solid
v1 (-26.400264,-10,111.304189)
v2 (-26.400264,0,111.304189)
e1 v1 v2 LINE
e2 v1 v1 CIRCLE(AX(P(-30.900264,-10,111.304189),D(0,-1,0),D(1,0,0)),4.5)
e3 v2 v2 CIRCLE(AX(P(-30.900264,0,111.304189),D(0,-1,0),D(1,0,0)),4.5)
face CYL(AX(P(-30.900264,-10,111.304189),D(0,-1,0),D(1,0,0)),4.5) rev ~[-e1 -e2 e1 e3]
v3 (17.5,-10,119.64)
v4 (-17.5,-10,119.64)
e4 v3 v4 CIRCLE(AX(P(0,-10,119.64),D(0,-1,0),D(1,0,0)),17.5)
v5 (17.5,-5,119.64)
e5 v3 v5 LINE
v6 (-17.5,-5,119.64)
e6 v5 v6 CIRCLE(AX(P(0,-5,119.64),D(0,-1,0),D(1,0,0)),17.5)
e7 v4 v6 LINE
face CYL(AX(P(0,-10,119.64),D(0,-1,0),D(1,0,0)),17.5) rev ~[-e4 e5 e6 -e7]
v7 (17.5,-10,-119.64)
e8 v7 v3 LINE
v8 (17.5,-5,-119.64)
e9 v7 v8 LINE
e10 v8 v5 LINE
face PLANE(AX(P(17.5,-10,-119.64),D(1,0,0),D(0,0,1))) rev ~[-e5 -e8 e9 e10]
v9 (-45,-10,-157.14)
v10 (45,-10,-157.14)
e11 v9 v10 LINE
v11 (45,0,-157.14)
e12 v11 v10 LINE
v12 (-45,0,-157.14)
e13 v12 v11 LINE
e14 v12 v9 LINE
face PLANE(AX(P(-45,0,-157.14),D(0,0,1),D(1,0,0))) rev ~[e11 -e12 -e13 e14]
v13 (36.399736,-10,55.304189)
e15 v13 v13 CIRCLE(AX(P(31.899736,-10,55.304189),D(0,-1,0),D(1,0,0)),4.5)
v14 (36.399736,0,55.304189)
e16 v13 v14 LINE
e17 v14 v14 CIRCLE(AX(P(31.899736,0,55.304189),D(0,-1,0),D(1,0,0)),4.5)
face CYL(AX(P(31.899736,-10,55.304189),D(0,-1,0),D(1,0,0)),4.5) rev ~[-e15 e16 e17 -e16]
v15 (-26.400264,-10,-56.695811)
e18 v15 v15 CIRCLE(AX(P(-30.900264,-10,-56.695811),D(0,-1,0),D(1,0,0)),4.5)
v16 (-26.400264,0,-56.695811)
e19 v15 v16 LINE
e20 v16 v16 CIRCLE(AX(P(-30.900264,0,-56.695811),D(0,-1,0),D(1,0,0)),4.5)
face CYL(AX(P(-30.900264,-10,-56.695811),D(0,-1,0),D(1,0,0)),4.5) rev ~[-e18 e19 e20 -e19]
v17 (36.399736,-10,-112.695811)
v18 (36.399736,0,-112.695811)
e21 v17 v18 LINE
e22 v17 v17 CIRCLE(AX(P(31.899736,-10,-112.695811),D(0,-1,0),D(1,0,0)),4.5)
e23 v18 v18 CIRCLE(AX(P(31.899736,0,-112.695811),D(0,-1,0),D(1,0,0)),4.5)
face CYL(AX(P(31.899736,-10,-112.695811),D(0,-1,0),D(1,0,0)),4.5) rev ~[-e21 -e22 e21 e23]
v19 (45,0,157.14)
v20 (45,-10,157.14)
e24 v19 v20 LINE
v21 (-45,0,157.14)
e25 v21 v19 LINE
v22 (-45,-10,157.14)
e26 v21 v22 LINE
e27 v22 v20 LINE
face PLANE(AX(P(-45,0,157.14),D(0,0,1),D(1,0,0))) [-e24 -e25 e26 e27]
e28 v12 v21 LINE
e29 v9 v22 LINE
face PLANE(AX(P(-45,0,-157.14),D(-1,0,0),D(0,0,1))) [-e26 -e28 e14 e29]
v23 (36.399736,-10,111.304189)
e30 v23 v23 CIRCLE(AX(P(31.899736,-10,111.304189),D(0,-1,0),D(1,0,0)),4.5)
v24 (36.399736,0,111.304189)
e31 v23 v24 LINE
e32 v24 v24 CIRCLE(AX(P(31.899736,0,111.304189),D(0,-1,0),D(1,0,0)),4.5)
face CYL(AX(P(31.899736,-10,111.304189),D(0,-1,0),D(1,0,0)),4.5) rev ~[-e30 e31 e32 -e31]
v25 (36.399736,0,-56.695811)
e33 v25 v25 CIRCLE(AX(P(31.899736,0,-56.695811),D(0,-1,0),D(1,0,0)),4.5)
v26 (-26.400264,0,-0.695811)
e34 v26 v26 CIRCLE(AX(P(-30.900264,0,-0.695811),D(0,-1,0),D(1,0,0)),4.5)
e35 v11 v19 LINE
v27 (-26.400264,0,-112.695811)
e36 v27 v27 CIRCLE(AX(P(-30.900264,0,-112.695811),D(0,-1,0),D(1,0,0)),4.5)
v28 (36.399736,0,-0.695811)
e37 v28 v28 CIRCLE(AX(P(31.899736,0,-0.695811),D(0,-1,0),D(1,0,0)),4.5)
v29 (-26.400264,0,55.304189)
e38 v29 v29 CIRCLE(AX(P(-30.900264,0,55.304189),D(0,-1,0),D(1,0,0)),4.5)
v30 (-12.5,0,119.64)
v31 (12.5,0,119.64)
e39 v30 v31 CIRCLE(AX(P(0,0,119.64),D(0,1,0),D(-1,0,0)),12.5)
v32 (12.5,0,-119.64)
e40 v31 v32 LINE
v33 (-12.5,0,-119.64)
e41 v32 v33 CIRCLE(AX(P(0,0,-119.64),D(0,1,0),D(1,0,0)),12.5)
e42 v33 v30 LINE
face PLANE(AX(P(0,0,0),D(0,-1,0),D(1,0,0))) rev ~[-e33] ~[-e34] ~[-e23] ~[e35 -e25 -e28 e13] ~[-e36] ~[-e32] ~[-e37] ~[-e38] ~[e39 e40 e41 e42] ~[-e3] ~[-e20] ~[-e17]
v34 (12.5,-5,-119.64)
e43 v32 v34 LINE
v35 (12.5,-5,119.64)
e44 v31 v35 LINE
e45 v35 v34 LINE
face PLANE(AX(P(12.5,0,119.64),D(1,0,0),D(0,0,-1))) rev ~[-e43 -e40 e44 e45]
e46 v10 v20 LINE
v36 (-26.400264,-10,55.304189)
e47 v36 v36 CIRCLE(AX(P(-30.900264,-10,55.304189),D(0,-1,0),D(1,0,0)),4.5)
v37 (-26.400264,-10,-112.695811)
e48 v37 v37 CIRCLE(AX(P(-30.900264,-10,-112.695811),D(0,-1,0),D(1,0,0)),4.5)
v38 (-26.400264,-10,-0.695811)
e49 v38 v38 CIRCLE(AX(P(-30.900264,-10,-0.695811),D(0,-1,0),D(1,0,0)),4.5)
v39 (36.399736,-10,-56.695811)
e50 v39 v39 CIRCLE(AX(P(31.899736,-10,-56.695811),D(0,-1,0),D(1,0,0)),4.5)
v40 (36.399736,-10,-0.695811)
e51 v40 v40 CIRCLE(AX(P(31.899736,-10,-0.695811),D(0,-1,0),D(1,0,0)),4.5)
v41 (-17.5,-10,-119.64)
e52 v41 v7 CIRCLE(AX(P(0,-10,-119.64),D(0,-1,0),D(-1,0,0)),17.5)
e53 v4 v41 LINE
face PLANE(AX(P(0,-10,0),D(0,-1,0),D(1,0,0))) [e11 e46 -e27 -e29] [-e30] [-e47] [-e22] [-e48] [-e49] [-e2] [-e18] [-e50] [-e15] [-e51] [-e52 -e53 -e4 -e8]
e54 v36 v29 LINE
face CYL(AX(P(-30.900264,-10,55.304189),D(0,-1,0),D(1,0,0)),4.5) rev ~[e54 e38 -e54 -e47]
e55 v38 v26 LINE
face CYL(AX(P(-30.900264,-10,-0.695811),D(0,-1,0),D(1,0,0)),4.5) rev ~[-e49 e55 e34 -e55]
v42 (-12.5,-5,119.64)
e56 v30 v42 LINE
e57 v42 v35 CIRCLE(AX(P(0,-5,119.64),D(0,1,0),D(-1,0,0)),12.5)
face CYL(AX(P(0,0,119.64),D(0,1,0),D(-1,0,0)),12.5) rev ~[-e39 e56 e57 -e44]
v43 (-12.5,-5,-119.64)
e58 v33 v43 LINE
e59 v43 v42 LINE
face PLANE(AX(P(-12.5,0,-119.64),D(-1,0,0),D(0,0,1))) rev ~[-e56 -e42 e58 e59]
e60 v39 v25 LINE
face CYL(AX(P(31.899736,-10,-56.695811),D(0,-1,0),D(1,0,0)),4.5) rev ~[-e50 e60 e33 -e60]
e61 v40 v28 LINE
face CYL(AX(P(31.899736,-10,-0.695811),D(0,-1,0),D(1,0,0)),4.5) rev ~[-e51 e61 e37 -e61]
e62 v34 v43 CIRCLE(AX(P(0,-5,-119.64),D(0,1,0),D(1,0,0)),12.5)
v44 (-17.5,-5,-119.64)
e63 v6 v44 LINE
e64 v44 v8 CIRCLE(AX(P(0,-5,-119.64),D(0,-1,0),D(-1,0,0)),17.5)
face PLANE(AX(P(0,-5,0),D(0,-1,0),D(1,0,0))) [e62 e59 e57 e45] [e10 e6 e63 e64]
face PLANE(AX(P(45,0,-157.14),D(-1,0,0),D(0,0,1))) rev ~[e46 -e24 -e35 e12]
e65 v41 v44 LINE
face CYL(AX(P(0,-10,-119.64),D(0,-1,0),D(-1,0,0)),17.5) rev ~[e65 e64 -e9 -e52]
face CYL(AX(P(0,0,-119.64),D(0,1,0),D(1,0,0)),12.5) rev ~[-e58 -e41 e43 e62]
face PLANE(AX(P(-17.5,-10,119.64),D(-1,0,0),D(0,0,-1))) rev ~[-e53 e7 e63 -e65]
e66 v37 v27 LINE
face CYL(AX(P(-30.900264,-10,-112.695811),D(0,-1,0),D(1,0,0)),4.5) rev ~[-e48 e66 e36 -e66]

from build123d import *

# Parameters (mm, degrees)
F0_W     = 90
F0_H     = 314.28
F1_DEPTH = 10
F3_DEPTH = 5
F4_R     = 4.5
F5_DEPTH = 25


with BuildPart() as f1:
    # F0 (on Front) → F1 (new body)
    with BuildSketch(Plane.XZ):
        Rectangle(F0_W, F0_H)
        with BuildLine():
            Line((-12.5, -119.64), (-12.5, 119.64))
            ThreePointArc((-12.5, 119.64), (0, 132.14), (12.5, 119.64))
            Line((12.5, 119.64), (12.5, -119.64))
            ThreePointArc((12.5, -119.64), (0, -132.14), (-12.5, -119.64))
        make_face(mode=Mode.SUBTRACT)
    extrude(amount=F1_DEPTH)

    # F2 (on face) → F3 (cut)
    with BuildSketch(Plane.XZ.offset(10)):
        with BuildLine():
            Line((17.5, -119.64), (17.5, 119.64))
            ThreePointArc((17.5, 119.64), (0, 137.14), (-17.5, 119.64))
            Line((-17.5, 119.64), (-17.5, -119.64))
            ThreePointArc((-17.5, -119.64), (0, -137.14), (17.5, -119.64))
        make_face()
    extrude(amount=-F3_DEPTH, mode=Mode.SUBTRACT)

    # F4 (on face) → F5 (cut)
    with BuildSketch(Plane.XZ.offset(10)):
        with Locations((31.899736, -112.695811)):
            Circle(F4_R)
        with Locations((-30.900264, -112.695811)):
            Circle(F4_R)
        with Locations((31.899736, -56.695811)):
            Circle(F4_R)
        with Locations((31.899736, -0.695811)):
            Circle(F4_R)
        with Locations((31.899736, 55.304189)):
            Circle(F4_R)
        with Locations((31.899736, 111.304189)):
            Circle(F4_R)
        with Locations((-30.900264, 111.304189)):
            Circle(F4_R)
        with Locations((-30.900264, 55.304189)):
            Circle(F4_R)
        with Locations((-30.900264, -0.695811)):
            Circle(F4_R)
        with Locations((-30.900264, -56.695811)):
            Circle(F4_R)
    extrude(amount=-F5_DEPTH, mode=Mode.SUBTRACT)


solid = f1.part
